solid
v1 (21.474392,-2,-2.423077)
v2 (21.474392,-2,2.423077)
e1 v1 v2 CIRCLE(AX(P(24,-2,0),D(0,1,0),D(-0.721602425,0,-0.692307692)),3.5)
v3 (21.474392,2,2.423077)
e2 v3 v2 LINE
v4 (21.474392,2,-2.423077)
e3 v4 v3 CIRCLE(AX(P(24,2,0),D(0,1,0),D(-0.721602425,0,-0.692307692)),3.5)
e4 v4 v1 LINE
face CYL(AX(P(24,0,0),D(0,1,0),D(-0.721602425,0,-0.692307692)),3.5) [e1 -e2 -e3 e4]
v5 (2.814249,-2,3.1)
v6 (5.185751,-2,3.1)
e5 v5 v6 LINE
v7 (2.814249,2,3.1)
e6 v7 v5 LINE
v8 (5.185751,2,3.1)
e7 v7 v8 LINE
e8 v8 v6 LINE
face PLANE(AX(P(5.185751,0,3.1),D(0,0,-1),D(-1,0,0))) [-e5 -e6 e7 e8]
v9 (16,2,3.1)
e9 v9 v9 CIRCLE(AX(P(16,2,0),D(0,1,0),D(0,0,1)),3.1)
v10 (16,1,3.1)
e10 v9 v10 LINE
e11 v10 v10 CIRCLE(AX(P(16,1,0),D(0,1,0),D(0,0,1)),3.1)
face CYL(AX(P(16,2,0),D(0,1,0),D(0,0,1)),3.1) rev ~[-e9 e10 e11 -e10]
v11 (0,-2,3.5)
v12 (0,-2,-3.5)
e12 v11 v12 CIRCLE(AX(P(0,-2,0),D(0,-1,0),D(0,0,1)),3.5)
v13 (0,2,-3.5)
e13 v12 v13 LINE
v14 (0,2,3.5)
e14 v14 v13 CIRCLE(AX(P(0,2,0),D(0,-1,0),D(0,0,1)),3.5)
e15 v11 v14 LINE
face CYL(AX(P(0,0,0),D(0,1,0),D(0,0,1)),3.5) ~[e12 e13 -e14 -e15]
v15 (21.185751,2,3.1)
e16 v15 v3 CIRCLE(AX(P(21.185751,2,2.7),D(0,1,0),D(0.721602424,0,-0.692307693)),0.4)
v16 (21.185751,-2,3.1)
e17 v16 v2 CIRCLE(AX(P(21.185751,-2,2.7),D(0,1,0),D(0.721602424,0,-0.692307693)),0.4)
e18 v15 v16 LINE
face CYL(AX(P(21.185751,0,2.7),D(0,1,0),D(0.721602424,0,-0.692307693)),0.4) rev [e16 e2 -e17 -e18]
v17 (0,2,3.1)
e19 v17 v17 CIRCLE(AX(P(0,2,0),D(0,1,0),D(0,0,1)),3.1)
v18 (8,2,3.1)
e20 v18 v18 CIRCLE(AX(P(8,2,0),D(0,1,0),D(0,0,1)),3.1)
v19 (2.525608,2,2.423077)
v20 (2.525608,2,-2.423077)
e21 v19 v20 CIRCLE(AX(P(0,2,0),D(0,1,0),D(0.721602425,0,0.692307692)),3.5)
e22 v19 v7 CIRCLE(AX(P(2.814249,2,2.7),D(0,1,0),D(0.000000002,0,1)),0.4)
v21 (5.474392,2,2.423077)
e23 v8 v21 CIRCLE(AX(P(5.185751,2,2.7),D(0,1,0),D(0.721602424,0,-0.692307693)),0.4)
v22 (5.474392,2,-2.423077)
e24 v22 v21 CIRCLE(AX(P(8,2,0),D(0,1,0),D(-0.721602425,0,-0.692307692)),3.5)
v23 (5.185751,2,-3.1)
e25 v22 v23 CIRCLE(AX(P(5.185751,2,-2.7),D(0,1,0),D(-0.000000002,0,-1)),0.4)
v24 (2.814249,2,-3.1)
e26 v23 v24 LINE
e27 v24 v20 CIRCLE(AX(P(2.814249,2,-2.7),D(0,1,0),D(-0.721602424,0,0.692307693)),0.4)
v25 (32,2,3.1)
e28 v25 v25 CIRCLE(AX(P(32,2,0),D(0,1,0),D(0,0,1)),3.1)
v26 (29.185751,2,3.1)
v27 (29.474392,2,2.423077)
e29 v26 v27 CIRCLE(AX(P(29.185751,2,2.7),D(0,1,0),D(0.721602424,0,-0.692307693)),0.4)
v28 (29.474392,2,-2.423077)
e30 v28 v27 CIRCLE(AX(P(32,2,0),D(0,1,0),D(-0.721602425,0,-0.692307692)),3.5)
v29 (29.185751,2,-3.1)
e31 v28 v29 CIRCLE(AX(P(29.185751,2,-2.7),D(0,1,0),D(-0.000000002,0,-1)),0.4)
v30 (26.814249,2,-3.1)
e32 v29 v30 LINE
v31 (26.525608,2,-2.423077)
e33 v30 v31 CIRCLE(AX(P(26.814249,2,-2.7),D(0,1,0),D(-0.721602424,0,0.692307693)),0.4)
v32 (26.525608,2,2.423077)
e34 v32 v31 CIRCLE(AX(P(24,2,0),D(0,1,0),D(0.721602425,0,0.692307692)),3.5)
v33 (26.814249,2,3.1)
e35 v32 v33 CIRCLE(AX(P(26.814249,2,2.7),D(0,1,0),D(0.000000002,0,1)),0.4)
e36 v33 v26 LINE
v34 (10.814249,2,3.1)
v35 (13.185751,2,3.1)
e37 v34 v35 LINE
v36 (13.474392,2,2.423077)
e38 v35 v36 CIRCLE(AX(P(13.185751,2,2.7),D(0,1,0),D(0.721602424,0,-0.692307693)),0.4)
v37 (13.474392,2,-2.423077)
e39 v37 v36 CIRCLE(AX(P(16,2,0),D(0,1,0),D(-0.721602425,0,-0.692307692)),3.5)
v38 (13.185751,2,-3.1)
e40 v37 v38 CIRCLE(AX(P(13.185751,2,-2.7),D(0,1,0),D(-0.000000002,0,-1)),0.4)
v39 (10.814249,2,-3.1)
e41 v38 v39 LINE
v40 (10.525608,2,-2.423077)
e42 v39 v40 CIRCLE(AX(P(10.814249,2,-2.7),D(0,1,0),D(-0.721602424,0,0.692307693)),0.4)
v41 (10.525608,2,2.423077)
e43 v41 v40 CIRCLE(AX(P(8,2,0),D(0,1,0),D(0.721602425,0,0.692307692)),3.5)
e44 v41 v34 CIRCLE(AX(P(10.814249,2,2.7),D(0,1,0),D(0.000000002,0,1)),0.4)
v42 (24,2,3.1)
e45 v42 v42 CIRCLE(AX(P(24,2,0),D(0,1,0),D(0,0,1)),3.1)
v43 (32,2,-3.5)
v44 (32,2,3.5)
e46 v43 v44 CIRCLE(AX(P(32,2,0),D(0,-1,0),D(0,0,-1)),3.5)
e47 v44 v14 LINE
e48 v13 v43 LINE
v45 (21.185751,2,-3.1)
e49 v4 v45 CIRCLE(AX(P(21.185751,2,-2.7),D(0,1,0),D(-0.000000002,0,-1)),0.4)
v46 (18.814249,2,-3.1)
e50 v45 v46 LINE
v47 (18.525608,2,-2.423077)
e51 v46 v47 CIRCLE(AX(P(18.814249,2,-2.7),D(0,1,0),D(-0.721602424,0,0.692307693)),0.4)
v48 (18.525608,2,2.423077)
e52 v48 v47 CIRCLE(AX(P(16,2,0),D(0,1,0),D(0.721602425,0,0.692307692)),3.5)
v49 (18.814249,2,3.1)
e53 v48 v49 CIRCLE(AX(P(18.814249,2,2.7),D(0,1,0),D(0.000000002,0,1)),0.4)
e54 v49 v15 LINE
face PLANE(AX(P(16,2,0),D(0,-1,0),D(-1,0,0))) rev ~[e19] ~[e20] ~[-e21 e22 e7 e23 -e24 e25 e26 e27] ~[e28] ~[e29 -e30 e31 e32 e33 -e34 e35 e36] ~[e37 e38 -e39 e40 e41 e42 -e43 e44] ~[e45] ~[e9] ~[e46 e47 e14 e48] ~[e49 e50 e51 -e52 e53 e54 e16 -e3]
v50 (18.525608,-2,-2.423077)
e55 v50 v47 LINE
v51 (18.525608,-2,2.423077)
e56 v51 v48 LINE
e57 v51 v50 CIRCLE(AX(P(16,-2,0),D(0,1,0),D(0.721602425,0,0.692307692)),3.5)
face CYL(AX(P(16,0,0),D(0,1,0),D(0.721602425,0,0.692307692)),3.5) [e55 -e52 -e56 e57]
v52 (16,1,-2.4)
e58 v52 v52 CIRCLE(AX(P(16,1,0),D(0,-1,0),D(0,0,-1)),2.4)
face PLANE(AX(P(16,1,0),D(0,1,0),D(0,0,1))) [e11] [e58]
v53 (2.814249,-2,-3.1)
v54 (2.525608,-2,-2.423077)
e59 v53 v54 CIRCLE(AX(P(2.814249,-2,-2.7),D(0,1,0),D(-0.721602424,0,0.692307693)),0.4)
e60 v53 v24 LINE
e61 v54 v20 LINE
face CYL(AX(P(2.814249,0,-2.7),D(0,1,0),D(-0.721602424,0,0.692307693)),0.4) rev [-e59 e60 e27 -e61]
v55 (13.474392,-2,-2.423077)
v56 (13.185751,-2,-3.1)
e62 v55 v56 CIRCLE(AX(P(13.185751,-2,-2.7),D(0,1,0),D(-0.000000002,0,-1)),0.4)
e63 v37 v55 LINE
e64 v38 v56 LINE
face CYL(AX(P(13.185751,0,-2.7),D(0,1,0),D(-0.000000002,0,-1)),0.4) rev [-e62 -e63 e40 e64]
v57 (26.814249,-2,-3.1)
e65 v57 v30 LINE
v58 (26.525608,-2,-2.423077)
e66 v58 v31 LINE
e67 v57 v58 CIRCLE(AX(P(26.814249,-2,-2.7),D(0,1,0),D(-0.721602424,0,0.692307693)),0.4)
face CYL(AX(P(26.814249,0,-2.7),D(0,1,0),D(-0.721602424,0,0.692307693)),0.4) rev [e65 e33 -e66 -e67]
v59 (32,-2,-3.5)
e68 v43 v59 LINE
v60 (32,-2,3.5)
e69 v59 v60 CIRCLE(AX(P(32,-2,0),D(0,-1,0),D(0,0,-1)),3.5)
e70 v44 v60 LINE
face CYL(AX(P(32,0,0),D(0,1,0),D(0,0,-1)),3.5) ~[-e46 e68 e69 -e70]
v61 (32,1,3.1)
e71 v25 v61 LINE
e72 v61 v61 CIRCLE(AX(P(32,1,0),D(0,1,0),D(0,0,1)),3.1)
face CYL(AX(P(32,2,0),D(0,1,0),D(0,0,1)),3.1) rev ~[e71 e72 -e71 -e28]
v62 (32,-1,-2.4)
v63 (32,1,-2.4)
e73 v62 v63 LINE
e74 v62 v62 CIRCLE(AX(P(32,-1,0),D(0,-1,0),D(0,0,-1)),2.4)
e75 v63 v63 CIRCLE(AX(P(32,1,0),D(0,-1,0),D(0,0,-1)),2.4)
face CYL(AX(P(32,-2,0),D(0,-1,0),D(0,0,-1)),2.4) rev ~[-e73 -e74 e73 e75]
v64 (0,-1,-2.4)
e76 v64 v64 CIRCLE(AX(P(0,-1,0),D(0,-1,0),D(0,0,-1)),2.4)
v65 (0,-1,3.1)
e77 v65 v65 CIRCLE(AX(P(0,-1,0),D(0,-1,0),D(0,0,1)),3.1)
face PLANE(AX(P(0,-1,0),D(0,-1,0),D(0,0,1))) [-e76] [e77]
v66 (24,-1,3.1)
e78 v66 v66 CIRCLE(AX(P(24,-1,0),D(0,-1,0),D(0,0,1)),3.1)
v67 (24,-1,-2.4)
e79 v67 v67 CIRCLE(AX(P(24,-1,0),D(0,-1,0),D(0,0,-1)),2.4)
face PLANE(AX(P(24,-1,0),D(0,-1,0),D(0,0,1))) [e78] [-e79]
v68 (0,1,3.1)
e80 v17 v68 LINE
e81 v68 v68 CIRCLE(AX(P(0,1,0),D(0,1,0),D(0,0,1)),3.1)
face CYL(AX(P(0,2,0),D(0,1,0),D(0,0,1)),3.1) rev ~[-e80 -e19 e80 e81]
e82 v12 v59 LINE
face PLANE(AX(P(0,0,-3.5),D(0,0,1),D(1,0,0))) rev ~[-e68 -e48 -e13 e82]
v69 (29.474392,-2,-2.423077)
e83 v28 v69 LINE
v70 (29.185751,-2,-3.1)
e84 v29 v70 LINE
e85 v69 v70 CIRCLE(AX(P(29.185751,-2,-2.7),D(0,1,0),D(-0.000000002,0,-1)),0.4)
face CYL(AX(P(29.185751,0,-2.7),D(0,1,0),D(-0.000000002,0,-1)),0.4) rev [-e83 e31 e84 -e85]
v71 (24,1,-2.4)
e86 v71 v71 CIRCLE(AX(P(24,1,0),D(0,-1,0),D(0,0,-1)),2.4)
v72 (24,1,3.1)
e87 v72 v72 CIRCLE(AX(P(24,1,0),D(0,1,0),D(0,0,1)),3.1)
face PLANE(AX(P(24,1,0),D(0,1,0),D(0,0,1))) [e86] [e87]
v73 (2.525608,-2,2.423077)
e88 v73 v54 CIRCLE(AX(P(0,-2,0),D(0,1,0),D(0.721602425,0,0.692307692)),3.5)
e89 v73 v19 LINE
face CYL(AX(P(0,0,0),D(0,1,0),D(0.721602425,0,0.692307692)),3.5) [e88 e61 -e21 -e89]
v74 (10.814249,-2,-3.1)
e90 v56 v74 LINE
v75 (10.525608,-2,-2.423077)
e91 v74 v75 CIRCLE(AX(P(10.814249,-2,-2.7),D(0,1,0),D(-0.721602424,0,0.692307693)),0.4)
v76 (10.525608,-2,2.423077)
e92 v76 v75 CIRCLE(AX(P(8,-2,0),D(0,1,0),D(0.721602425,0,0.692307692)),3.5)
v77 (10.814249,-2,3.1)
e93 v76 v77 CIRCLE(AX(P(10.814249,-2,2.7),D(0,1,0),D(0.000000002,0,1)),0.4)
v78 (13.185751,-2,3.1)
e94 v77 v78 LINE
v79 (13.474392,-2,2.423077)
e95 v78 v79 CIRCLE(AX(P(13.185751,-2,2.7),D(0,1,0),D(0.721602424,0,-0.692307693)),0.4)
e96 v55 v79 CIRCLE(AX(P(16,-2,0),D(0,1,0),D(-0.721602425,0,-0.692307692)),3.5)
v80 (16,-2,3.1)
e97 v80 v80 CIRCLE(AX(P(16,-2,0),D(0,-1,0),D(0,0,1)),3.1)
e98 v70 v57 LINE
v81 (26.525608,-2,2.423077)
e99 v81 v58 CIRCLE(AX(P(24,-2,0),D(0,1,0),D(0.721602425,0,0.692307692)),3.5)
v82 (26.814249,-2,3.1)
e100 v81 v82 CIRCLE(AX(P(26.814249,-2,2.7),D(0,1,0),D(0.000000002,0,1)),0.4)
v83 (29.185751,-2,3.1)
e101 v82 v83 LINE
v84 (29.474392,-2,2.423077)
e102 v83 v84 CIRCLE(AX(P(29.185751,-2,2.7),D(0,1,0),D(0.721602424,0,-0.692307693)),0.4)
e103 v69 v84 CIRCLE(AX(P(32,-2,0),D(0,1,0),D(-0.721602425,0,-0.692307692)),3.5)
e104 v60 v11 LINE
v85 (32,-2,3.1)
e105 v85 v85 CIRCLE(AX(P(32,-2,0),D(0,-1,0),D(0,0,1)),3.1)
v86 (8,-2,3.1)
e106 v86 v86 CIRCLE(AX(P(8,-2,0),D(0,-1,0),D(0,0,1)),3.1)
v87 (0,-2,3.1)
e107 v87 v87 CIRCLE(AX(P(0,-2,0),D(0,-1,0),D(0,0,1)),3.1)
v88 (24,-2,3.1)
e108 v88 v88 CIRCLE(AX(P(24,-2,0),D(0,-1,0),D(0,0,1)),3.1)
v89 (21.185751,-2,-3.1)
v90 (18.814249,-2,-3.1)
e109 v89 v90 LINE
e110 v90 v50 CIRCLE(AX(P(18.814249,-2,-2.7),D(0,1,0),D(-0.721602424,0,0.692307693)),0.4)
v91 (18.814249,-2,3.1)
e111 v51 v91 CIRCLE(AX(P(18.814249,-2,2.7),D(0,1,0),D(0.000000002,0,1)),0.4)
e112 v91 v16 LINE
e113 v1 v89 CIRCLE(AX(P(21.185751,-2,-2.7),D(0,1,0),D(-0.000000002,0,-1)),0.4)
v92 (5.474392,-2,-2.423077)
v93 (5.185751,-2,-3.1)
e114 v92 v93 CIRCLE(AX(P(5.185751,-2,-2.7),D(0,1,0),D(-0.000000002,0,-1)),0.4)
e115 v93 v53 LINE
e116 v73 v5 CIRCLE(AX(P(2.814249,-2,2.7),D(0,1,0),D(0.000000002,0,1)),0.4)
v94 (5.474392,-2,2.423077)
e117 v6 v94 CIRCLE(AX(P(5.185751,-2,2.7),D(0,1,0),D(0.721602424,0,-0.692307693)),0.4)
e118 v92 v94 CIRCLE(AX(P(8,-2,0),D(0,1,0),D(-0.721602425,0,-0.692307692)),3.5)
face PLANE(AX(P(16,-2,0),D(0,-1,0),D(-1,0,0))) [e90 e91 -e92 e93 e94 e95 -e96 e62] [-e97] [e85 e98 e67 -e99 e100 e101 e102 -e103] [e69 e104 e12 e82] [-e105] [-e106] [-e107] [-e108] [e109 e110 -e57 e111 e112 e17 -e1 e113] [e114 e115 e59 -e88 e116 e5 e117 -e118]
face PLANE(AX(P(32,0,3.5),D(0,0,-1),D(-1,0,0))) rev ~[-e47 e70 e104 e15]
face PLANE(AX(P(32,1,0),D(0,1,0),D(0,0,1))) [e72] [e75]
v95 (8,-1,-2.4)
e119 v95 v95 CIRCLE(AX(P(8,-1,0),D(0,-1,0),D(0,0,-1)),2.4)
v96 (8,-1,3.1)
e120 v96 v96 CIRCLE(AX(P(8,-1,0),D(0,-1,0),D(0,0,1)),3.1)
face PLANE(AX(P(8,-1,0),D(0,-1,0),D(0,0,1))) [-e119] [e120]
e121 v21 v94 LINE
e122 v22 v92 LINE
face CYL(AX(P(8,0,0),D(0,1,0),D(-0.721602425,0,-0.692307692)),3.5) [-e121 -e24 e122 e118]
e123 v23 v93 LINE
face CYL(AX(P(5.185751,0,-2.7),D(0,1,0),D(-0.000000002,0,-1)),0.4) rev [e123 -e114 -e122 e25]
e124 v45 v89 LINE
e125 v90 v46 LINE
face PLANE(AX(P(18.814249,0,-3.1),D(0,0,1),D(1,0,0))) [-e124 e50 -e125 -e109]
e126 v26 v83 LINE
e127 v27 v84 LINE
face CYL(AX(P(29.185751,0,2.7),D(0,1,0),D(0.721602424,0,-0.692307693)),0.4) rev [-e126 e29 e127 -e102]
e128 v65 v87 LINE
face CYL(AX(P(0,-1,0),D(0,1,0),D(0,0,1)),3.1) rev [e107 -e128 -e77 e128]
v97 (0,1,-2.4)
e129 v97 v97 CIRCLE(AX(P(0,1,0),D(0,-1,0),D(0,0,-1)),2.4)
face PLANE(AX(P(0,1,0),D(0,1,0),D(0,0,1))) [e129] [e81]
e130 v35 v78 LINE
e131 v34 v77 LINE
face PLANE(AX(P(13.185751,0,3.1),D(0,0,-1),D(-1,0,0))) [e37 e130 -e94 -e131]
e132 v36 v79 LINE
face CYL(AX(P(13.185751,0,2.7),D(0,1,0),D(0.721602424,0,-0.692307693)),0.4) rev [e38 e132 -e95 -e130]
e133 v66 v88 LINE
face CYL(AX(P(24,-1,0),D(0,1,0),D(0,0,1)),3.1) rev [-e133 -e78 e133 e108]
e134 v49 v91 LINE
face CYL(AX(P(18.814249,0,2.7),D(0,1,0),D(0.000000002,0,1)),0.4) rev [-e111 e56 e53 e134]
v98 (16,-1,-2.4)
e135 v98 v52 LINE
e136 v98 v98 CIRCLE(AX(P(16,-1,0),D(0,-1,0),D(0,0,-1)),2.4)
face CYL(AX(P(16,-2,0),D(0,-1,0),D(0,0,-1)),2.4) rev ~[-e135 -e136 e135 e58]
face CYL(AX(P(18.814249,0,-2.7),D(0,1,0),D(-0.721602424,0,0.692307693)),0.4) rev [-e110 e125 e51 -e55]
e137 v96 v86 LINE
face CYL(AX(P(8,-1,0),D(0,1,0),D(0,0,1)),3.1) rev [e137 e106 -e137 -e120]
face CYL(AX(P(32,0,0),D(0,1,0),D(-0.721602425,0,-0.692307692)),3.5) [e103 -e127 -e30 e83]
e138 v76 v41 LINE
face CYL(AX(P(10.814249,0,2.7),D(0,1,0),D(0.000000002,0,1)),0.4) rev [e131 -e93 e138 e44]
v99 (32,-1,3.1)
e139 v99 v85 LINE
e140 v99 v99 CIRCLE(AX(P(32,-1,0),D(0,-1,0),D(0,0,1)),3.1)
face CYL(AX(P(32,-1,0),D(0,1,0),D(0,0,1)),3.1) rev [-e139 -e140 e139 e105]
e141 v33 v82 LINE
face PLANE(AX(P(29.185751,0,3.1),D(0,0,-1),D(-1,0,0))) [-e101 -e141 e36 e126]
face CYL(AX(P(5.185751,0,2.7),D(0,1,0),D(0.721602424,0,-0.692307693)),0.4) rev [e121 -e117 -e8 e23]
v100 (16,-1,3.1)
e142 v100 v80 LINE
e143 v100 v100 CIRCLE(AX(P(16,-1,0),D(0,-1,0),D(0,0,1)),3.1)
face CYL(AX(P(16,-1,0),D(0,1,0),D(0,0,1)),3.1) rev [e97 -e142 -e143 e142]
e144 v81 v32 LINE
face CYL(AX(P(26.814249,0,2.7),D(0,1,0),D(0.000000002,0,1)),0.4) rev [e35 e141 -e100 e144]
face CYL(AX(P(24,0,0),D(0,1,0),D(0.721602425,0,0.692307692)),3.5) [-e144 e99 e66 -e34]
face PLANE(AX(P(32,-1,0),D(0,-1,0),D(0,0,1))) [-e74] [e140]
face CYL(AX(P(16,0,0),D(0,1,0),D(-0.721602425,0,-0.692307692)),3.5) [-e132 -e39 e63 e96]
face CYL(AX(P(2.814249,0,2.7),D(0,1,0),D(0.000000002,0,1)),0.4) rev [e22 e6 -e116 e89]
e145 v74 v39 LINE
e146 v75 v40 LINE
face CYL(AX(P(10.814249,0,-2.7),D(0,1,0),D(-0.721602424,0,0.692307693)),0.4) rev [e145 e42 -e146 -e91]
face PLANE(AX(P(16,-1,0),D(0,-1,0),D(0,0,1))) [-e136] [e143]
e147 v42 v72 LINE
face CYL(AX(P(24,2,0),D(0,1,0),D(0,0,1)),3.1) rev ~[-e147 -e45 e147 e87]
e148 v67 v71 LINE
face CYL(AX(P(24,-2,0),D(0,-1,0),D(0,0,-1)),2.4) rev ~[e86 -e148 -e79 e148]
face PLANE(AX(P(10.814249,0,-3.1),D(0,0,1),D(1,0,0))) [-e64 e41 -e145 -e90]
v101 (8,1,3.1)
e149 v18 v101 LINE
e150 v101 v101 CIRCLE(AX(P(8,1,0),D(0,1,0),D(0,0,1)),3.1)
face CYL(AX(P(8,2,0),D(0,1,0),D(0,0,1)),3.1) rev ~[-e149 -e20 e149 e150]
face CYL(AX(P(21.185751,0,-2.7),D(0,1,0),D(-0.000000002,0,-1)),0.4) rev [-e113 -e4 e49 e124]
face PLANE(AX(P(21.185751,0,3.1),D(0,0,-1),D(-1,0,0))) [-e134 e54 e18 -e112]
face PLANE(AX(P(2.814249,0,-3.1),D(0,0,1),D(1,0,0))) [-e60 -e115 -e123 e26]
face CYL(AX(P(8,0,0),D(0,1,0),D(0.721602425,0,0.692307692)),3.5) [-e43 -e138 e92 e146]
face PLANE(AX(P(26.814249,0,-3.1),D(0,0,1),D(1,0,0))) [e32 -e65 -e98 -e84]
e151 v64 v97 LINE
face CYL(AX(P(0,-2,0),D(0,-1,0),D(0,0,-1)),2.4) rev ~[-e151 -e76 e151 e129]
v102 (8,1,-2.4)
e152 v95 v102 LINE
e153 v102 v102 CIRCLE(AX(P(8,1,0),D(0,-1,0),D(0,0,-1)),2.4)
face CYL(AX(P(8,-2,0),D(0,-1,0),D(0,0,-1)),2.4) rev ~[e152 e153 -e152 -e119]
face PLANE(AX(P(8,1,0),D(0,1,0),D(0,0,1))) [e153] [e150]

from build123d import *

# Parameters (mm, degrees)
BOSS_EXTRUDE1_DEPTH = 2
SKETCH3_R           = 3.1
CUT_EXTRUDE1_DEPTH  = 1
CUT_EXTRUDE2_START  = -1
SKETCH4_R           = 3.1
CUT_EXTRUDE2_DEPTH  = 1
SKETCH5_R           = 2.4
CUT_EXTRUDE3_DEPTH  = 36.895682192
LPATTERN2_COUNT     = 5
LPATTERN2_PITCH     = 8
CUT_EXTRUDE4_DEPTH  = 36.72814017
LPATTERN3_COUNT     = 4
LPATTERN3_PITCH     = 8


with BuildPart() as part:
    # Sketch2 → Boss-Extrude1 (new, symmetric)
    with BuildSketch(Plane(origin=(0, 0, 0), x_dir=(1, 0, 0), z_dir=(0, 1, 0))):
        with BuildLine():
            Line((0, 3.5), (32, 3.5))
            ThreePointArc((32, 3.5), (35.5, 0), (32, -3.5))
            Line((32, -3.5), (0, -3.5))
            ThreePointArc((0, -3.5), (-3.5, 0), (0, 3.5))
        make_face()
    extrude(amount=BOSS_EXTRUDE1_DEPTH, both=True)

    # Sketch3 → Cut-Extrude1 (cut)
    with BuildSketch(Plane(origin=(0, 2, 0), x_dir=(1, 0, 0), z_dir=(0, 1, 0))):
        with Locations(Location((0, 0, 0), (0, 0, 270))):
            Circle(SKETCH3_R)
    cut_extrude1 = extrude(amount=-CUT_EXTRUDE1_DEPTH, mode=Mode.SUBTRACT)

    # Sketch4 → Cut-Extrude2 (cut)
    with BuildSketch(Plane(origin=(0, -2, 0), x_dir=(-1, 0, 0), z_dir=(0, -1, 0)).offset(CUT_EXTRUDE2_START)):
        with Locations(Location((0, 0, 0), (0, 0, 270))):
            Circle(SKETCH4_R)
    cut_extrude2 = extrude(amount=CUT_EXTRUDE2_DEPTH, mode=Mode.SUBTRACT)

    # Sketch5 → Cut-Extrude3 (cut, through all)
    with BuildSketch(Plane(origin=(0, -2, 0), x_dir=(-1, 0, 0), z_dir=(0, -1, 0))):
        with Locations(Location((0, 0, 0), (0, 0, 90))):
            Circle(SKETCH5_R)
    cut_extrude3 = extrude(amount=-CUT_EXTRUDE3_DEPTH, mode=Mode.SUBTRACT)

    # LPattern2: Cut-Extrude1, Cut-Extrude2, Cut-Extrude3 ×5
    with Locations(*[(i * LPATTERN2_PITCH, 0, 0) for i in range(1, LPATTERN2_COUNT)]):
        add(cut_extrude1, mode=Mode.SUBTRACT)
        add(cut_extrude2, mode=Mode.SUBTRACT)
        add(cut_extrude3, mode=Mode.SUBTRACT)

    # Sketch6 → Cut-Extrude4 (cut, symmetric)
    with BuildSketch(Plane(origin=(0, 0, 0), x_dir=(1, 0, 0), z_dir=(0, 1, 0))):
        with BuildLine():
            Line((2.814249456, 3.1), (5.185750544, 3.1))
            ThreePointArc((5.185750544, 3.1), (5.553697029, 2.856892908), (5.474391514, 2.423076923))
            ThreePointArc((5.474391514, 2.423076923), (4.5, 0), (5.474391514, -2.423076923))
            ThreePointArc((5.474391514, -2.423076923), (5.553697029, -2.856892908), (5.185750544, -3.1))
            Line((5.185750544, -3.1), (2.814249456, -3.1))
            ThreePointArc((2.814249456, -3.1), (2.446302971, -2.856892908), (2.525608486, -2.423076923))
            ThreePointArc((2.525608486, -2.423076923), (3.5, 0), (2.525608486, 2.423076923))
            ThreePointArc((2.525608486, 2.423076923), (2.446302971, 2.856892908), (2.814249456, 3.1))
        make_face()
    cut_extrude4 = extrude(amount=CUT_EXTRUDE4_DEPTH, both=True, mode=Mode.SUBTRACT)

    # LPattern3: Cut-Extrude4 ×4
    with Locations(*[(i * LPATTERN3_PITCH, 0, 0) for i in range(1, LPATTERN3_COUNT)]):
        add(cut_extrude4, mode=Mode.SUBTRACT)


solid = part.part
